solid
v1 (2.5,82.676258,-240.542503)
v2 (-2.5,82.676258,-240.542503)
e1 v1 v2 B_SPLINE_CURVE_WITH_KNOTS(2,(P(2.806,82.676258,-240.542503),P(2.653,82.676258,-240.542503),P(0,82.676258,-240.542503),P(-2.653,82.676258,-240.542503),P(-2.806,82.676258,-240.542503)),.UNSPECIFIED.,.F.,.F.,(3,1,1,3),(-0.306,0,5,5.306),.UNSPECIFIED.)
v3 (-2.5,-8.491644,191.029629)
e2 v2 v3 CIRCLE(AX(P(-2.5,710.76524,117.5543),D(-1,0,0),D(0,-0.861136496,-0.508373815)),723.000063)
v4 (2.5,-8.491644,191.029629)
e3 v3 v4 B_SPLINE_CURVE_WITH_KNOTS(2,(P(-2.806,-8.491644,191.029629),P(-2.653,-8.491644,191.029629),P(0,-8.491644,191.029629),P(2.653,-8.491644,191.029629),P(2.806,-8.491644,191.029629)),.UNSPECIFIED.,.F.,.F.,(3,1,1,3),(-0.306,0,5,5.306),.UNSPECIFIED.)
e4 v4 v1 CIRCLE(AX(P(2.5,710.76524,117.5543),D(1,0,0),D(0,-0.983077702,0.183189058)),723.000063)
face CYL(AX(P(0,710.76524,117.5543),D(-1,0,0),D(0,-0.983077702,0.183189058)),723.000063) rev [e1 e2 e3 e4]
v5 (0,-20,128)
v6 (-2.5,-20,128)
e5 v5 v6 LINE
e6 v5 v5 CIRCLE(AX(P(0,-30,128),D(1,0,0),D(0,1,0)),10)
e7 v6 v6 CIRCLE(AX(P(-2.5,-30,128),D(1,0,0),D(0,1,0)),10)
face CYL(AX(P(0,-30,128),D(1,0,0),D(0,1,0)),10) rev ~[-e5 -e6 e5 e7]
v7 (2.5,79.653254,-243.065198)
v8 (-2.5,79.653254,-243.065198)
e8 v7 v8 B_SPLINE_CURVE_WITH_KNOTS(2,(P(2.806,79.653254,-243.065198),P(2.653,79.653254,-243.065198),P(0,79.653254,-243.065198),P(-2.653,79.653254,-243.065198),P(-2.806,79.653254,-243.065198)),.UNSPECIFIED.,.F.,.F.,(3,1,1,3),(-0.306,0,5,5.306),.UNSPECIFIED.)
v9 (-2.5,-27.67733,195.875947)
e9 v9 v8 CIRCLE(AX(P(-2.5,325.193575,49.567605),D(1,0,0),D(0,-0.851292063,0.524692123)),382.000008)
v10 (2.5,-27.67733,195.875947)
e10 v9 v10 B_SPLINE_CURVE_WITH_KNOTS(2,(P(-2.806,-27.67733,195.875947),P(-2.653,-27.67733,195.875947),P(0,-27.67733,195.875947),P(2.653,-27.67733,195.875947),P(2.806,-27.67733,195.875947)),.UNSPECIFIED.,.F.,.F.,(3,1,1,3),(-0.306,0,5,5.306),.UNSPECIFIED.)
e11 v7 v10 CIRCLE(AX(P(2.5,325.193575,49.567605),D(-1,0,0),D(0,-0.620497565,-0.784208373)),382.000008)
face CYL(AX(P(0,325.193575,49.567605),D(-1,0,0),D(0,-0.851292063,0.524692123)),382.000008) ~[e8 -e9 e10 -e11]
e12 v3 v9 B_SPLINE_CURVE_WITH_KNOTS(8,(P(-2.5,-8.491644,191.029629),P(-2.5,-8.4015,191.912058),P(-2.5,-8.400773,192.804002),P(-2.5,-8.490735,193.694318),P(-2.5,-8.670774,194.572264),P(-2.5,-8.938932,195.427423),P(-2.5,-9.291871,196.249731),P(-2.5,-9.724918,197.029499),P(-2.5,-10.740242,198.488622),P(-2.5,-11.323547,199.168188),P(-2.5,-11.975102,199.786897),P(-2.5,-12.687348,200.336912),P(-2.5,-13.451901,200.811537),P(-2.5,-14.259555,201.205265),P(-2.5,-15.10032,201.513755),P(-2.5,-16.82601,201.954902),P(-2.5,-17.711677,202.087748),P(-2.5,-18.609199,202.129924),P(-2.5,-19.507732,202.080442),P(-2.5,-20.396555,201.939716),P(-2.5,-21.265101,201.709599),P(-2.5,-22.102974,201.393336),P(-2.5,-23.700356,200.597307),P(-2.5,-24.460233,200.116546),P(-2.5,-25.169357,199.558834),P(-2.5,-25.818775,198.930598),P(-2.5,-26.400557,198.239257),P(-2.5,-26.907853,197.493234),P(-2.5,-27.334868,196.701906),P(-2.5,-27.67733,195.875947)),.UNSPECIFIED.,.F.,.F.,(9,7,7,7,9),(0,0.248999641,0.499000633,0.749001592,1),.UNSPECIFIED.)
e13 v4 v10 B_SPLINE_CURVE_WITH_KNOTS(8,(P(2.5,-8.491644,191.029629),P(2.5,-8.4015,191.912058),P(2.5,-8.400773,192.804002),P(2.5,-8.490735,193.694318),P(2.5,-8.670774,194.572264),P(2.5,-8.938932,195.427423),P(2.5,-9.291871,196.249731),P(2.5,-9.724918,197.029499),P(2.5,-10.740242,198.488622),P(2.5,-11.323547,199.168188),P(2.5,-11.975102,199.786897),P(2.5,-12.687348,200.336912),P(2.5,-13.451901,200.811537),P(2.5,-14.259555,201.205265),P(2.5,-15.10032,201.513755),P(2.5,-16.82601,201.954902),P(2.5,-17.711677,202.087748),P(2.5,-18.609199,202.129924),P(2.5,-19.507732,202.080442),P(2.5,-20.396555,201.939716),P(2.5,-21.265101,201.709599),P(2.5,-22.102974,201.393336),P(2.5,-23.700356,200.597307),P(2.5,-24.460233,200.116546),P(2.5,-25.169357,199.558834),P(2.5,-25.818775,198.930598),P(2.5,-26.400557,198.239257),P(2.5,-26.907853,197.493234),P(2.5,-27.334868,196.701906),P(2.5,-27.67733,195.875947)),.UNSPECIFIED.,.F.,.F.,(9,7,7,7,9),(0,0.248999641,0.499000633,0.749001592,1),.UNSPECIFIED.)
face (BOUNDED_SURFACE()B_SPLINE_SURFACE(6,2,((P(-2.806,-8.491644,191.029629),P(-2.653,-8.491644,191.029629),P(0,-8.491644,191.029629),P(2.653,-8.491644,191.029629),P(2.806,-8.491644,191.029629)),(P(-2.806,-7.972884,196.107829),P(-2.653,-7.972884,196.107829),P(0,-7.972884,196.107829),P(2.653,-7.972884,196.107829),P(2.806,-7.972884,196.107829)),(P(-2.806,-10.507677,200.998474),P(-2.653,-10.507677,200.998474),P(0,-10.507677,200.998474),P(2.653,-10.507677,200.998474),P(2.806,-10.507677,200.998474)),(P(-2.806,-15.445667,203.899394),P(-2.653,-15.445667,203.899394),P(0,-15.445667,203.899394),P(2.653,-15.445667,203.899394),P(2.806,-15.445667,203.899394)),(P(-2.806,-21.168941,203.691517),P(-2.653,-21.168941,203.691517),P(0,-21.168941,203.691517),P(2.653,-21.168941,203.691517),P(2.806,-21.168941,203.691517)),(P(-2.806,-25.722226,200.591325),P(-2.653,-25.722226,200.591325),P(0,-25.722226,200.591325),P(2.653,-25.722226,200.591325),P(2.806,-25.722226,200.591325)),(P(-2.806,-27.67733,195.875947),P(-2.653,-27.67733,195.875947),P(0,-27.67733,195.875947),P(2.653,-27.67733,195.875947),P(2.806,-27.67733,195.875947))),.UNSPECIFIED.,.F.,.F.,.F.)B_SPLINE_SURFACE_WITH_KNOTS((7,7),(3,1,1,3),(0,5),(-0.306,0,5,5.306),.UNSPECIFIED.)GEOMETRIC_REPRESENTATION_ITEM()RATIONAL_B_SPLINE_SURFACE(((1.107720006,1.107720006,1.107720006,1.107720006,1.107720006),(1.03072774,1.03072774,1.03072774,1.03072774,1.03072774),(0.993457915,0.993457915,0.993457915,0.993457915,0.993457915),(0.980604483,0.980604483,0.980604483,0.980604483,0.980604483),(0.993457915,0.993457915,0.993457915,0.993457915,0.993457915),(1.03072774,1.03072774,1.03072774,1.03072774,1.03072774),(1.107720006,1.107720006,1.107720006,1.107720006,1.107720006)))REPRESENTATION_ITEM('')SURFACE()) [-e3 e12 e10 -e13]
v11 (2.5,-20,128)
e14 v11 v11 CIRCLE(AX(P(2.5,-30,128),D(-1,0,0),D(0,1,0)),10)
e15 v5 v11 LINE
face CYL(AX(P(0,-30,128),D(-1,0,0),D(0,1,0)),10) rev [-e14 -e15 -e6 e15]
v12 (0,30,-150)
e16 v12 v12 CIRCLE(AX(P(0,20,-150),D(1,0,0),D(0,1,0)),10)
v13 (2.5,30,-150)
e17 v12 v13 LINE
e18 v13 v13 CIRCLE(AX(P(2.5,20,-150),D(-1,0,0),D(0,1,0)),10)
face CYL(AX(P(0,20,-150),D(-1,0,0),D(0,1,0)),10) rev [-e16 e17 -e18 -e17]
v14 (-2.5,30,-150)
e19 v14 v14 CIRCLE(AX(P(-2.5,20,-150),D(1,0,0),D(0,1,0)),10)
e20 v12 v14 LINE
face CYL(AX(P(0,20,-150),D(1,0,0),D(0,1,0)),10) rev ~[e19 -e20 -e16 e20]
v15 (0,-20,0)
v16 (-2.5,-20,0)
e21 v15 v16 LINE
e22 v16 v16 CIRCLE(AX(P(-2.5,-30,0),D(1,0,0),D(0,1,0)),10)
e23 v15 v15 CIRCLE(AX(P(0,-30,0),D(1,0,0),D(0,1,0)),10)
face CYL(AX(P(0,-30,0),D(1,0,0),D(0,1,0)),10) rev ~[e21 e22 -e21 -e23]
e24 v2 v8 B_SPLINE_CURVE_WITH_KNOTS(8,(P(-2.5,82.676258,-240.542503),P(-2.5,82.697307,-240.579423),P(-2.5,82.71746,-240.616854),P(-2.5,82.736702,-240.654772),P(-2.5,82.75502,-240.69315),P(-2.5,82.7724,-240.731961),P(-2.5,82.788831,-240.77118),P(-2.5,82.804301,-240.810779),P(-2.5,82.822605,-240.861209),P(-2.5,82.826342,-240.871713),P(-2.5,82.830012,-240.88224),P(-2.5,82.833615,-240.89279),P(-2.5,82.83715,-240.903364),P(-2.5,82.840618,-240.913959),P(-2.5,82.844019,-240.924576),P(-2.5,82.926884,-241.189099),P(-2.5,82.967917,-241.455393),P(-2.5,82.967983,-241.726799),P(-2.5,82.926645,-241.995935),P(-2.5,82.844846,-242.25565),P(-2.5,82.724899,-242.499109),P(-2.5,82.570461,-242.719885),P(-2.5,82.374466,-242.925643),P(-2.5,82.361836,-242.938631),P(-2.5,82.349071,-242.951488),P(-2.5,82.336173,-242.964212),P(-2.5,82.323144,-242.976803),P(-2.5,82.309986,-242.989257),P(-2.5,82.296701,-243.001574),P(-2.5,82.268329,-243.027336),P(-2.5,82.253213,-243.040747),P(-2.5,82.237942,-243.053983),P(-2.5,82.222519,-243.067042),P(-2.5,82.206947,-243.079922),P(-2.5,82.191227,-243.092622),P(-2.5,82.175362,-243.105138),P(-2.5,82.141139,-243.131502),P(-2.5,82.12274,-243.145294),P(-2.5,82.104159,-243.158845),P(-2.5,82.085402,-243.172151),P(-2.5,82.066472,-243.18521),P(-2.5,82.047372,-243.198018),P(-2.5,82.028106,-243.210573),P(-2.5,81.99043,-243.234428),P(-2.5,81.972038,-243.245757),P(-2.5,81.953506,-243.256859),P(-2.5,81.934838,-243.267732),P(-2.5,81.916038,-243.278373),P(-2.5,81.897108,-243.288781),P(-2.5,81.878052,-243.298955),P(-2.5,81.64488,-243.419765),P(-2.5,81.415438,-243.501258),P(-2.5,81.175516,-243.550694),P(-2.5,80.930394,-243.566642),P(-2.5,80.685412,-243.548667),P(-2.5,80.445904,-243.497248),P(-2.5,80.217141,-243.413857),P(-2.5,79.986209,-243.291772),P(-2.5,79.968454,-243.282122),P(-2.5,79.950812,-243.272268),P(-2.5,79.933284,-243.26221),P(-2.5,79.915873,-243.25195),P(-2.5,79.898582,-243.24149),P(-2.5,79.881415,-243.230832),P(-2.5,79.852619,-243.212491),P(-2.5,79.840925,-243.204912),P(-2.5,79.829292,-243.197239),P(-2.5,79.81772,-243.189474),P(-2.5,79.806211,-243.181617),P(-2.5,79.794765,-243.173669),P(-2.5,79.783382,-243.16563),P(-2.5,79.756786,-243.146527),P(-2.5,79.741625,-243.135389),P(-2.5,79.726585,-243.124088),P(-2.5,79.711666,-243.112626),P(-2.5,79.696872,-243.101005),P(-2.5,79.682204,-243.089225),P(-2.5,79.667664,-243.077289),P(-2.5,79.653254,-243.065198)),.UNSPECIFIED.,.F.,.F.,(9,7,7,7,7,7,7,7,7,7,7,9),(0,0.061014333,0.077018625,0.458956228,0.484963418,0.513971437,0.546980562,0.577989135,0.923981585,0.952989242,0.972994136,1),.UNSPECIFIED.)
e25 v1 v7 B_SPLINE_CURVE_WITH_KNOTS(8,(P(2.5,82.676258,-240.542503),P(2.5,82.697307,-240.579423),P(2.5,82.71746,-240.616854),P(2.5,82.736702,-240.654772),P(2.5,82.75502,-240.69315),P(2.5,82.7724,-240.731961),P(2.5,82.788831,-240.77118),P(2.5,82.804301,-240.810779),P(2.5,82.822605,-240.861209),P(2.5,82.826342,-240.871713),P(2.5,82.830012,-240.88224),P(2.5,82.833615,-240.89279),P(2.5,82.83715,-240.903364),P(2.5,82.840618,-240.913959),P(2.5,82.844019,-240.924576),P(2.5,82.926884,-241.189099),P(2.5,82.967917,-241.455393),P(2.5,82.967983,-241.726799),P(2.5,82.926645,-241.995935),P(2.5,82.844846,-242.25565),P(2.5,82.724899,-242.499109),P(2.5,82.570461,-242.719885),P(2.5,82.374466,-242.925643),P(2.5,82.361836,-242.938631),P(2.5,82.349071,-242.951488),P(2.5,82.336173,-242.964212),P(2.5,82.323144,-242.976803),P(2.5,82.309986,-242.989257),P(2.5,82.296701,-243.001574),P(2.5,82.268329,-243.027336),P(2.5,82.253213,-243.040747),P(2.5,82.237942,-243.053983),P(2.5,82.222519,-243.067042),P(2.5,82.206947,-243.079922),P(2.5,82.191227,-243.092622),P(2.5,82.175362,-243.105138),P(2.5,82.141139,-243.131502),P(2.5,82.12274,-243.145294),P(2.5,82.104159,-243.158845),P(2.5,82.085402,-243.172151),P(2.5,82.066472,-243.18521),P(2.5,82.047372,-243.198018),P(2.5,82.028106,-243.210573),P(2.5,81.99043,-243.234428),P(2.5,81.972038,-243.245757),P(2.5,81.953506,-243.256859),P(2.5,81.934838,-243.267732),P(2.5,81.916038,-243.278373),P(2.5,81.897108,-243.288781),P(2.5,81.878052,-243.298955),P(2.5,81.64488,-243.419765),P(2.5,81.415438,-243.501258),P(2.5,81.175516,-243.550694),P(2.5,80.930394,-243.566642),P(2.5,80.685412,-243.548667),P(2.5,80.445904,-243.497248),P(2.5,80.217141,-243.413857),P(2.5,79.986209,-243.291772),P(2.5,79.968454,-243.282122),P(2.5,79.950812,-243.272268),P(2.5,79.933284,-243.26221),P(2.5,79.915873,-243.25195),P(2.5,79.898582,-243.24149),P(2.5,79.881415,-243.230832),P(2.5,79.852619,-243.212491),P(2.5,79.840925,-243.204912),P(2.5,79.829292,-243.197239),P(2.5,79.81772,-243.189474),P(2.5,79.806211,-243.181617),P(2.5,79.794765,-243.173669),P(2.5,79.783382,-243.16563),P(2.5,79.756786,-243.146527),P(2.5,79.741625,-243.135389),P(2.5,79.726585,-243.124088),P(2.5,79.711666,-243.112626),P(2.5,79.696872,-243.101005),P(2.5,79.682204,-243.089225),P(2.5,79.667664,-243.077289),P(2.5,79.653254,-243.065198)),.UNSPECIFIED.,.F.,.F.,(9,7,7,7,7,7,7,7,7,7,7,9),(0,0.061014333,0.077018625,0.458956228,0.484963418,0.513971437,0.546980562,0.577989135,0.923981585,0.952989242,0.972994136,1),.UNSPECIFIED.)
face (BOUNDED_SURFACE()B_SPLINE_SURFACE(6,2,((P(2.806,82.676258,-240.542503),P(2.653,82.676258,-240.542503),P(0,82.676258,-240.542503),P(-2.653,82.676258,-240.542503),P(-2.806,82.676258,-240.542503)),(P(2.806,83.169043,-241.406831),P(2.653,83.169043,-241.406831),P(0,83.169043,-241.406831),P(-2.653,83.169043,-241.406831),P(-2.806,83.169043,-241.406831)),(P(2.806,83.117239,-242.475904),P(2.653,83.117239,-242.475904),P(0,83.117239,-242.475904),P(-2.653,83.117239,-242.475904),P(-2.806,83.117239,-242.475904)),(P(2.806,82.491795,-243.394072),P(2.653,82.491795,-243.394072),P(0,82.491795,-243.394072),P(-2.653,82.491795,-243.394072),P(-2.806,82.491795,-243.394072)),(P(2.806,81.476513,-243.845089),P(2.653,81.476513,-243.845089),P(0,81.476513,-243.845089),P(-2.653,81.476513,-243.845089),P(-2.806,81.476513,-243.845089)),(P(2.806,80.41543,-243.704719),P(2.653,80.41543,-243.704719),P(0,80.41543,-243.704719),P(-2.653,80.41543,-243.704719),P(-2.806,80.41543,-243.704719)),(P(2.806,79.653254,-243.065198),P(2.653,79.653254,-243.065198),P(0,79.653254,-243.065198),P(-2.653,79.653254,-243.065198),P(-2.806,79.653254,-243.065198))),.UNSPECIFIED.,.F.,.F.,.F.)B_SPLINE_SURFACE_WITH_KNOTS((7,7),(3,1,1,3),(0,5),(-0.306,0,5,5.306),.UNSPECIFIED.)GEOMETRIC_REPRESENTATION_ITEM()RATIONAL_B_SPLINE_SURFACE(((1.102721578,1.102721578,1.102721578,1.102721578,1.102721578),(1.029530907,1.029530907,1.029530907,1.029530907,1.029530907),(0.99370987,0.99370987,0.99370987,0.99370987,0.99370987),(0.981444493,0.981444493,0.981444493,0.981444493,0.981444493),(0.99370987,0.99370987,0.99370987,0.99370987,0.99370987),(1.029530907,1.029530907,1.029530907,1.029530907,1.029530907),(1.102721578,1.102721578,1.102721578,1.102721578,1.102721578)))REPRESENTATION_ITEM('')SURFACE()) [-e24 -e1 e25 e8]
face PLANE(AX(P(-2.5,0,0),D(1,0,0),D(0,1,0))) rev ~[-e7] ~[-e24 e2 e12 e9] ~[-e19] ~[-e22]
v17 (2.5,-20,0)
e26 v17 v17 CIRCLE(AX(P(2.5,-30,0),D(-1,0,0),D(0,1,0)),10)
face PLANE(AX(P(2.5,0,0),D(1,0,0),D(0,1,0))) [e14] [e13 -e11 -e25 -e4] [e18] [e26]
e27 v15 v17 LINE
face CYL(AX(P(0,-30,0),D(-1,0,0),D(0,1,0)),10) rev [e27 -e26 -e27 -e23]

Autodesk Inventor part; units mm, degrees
ref_plane "YZ Plane" through (0, 0, 0) normal (1, 0, 0) x (0, 1, 0)
ref_plane "XZ Plane" through (0, 0, 0) normal (0, 1, 0) x (-1, 0, 0)
ref_plane "XY Plane" through (0, 0, 0) normal (0, 0, 1) x (1, 0, 0)
sketch "スケッチ1" plane through (0, 0, 0) normal (1, 0, 0) x (0, 1, 0)
  line L0 (0, 250) -> (88.1635, -250)
  arc A0 (0, 250) -> (88.1635, -250) centre (710.7652, 117.5543) ccw
  arc A1 (0, 250) -> (88.1635, -250) centre (325.1936, 49.5676) ccw
  line L1 (0, -370.1192) -> (0, 353.3532) projected
  point P0 (0, 0)
  dimension "d0" = 250
  dimension "d2" = 500
  dimension "d3" = 10
  dimension "d4" = 723
  dimension "d5" = 382
extrude "押し出し1" add sketch "スケッチ1" along normal mid plane 5 contours A0 L1 A1 | A1 L1 A0
sketch "スケッチ3" plane through (0, 0, 0) normal (1, 0, 0) x (0, 1, 0)
  circle A0 centre (-30, 128) radius 10
  circle A1 centre (-30, 0) radius 10
  circle A2 centre (20, -150) radius 10
  line L0 (-54, 0) -> (44, 0) projected
  line L1 (0, -219.6) -> (0, 197.6) projected
  point P0 (0, 0)
  dimension "d10" = 128
  dimension "d11" = 30
  dimension "d12" = 20
  dimension "d13" = 20
  dimension "d14" = 20
  dimension "d15" = 30
  dimension "d16" = 150
  dimension "d19" = 20
extrude "押し出し2" cut sketch "スケッチ3" along normal through all both and the other way through all
fillet "フィレット1" radius 10 1 edges at (0, 0, 250)
fillet "フィレット2" radius 2 1 edges at (0, 88.1635, -250)
properties part number "element_base" material "アルミニウム 6061"
